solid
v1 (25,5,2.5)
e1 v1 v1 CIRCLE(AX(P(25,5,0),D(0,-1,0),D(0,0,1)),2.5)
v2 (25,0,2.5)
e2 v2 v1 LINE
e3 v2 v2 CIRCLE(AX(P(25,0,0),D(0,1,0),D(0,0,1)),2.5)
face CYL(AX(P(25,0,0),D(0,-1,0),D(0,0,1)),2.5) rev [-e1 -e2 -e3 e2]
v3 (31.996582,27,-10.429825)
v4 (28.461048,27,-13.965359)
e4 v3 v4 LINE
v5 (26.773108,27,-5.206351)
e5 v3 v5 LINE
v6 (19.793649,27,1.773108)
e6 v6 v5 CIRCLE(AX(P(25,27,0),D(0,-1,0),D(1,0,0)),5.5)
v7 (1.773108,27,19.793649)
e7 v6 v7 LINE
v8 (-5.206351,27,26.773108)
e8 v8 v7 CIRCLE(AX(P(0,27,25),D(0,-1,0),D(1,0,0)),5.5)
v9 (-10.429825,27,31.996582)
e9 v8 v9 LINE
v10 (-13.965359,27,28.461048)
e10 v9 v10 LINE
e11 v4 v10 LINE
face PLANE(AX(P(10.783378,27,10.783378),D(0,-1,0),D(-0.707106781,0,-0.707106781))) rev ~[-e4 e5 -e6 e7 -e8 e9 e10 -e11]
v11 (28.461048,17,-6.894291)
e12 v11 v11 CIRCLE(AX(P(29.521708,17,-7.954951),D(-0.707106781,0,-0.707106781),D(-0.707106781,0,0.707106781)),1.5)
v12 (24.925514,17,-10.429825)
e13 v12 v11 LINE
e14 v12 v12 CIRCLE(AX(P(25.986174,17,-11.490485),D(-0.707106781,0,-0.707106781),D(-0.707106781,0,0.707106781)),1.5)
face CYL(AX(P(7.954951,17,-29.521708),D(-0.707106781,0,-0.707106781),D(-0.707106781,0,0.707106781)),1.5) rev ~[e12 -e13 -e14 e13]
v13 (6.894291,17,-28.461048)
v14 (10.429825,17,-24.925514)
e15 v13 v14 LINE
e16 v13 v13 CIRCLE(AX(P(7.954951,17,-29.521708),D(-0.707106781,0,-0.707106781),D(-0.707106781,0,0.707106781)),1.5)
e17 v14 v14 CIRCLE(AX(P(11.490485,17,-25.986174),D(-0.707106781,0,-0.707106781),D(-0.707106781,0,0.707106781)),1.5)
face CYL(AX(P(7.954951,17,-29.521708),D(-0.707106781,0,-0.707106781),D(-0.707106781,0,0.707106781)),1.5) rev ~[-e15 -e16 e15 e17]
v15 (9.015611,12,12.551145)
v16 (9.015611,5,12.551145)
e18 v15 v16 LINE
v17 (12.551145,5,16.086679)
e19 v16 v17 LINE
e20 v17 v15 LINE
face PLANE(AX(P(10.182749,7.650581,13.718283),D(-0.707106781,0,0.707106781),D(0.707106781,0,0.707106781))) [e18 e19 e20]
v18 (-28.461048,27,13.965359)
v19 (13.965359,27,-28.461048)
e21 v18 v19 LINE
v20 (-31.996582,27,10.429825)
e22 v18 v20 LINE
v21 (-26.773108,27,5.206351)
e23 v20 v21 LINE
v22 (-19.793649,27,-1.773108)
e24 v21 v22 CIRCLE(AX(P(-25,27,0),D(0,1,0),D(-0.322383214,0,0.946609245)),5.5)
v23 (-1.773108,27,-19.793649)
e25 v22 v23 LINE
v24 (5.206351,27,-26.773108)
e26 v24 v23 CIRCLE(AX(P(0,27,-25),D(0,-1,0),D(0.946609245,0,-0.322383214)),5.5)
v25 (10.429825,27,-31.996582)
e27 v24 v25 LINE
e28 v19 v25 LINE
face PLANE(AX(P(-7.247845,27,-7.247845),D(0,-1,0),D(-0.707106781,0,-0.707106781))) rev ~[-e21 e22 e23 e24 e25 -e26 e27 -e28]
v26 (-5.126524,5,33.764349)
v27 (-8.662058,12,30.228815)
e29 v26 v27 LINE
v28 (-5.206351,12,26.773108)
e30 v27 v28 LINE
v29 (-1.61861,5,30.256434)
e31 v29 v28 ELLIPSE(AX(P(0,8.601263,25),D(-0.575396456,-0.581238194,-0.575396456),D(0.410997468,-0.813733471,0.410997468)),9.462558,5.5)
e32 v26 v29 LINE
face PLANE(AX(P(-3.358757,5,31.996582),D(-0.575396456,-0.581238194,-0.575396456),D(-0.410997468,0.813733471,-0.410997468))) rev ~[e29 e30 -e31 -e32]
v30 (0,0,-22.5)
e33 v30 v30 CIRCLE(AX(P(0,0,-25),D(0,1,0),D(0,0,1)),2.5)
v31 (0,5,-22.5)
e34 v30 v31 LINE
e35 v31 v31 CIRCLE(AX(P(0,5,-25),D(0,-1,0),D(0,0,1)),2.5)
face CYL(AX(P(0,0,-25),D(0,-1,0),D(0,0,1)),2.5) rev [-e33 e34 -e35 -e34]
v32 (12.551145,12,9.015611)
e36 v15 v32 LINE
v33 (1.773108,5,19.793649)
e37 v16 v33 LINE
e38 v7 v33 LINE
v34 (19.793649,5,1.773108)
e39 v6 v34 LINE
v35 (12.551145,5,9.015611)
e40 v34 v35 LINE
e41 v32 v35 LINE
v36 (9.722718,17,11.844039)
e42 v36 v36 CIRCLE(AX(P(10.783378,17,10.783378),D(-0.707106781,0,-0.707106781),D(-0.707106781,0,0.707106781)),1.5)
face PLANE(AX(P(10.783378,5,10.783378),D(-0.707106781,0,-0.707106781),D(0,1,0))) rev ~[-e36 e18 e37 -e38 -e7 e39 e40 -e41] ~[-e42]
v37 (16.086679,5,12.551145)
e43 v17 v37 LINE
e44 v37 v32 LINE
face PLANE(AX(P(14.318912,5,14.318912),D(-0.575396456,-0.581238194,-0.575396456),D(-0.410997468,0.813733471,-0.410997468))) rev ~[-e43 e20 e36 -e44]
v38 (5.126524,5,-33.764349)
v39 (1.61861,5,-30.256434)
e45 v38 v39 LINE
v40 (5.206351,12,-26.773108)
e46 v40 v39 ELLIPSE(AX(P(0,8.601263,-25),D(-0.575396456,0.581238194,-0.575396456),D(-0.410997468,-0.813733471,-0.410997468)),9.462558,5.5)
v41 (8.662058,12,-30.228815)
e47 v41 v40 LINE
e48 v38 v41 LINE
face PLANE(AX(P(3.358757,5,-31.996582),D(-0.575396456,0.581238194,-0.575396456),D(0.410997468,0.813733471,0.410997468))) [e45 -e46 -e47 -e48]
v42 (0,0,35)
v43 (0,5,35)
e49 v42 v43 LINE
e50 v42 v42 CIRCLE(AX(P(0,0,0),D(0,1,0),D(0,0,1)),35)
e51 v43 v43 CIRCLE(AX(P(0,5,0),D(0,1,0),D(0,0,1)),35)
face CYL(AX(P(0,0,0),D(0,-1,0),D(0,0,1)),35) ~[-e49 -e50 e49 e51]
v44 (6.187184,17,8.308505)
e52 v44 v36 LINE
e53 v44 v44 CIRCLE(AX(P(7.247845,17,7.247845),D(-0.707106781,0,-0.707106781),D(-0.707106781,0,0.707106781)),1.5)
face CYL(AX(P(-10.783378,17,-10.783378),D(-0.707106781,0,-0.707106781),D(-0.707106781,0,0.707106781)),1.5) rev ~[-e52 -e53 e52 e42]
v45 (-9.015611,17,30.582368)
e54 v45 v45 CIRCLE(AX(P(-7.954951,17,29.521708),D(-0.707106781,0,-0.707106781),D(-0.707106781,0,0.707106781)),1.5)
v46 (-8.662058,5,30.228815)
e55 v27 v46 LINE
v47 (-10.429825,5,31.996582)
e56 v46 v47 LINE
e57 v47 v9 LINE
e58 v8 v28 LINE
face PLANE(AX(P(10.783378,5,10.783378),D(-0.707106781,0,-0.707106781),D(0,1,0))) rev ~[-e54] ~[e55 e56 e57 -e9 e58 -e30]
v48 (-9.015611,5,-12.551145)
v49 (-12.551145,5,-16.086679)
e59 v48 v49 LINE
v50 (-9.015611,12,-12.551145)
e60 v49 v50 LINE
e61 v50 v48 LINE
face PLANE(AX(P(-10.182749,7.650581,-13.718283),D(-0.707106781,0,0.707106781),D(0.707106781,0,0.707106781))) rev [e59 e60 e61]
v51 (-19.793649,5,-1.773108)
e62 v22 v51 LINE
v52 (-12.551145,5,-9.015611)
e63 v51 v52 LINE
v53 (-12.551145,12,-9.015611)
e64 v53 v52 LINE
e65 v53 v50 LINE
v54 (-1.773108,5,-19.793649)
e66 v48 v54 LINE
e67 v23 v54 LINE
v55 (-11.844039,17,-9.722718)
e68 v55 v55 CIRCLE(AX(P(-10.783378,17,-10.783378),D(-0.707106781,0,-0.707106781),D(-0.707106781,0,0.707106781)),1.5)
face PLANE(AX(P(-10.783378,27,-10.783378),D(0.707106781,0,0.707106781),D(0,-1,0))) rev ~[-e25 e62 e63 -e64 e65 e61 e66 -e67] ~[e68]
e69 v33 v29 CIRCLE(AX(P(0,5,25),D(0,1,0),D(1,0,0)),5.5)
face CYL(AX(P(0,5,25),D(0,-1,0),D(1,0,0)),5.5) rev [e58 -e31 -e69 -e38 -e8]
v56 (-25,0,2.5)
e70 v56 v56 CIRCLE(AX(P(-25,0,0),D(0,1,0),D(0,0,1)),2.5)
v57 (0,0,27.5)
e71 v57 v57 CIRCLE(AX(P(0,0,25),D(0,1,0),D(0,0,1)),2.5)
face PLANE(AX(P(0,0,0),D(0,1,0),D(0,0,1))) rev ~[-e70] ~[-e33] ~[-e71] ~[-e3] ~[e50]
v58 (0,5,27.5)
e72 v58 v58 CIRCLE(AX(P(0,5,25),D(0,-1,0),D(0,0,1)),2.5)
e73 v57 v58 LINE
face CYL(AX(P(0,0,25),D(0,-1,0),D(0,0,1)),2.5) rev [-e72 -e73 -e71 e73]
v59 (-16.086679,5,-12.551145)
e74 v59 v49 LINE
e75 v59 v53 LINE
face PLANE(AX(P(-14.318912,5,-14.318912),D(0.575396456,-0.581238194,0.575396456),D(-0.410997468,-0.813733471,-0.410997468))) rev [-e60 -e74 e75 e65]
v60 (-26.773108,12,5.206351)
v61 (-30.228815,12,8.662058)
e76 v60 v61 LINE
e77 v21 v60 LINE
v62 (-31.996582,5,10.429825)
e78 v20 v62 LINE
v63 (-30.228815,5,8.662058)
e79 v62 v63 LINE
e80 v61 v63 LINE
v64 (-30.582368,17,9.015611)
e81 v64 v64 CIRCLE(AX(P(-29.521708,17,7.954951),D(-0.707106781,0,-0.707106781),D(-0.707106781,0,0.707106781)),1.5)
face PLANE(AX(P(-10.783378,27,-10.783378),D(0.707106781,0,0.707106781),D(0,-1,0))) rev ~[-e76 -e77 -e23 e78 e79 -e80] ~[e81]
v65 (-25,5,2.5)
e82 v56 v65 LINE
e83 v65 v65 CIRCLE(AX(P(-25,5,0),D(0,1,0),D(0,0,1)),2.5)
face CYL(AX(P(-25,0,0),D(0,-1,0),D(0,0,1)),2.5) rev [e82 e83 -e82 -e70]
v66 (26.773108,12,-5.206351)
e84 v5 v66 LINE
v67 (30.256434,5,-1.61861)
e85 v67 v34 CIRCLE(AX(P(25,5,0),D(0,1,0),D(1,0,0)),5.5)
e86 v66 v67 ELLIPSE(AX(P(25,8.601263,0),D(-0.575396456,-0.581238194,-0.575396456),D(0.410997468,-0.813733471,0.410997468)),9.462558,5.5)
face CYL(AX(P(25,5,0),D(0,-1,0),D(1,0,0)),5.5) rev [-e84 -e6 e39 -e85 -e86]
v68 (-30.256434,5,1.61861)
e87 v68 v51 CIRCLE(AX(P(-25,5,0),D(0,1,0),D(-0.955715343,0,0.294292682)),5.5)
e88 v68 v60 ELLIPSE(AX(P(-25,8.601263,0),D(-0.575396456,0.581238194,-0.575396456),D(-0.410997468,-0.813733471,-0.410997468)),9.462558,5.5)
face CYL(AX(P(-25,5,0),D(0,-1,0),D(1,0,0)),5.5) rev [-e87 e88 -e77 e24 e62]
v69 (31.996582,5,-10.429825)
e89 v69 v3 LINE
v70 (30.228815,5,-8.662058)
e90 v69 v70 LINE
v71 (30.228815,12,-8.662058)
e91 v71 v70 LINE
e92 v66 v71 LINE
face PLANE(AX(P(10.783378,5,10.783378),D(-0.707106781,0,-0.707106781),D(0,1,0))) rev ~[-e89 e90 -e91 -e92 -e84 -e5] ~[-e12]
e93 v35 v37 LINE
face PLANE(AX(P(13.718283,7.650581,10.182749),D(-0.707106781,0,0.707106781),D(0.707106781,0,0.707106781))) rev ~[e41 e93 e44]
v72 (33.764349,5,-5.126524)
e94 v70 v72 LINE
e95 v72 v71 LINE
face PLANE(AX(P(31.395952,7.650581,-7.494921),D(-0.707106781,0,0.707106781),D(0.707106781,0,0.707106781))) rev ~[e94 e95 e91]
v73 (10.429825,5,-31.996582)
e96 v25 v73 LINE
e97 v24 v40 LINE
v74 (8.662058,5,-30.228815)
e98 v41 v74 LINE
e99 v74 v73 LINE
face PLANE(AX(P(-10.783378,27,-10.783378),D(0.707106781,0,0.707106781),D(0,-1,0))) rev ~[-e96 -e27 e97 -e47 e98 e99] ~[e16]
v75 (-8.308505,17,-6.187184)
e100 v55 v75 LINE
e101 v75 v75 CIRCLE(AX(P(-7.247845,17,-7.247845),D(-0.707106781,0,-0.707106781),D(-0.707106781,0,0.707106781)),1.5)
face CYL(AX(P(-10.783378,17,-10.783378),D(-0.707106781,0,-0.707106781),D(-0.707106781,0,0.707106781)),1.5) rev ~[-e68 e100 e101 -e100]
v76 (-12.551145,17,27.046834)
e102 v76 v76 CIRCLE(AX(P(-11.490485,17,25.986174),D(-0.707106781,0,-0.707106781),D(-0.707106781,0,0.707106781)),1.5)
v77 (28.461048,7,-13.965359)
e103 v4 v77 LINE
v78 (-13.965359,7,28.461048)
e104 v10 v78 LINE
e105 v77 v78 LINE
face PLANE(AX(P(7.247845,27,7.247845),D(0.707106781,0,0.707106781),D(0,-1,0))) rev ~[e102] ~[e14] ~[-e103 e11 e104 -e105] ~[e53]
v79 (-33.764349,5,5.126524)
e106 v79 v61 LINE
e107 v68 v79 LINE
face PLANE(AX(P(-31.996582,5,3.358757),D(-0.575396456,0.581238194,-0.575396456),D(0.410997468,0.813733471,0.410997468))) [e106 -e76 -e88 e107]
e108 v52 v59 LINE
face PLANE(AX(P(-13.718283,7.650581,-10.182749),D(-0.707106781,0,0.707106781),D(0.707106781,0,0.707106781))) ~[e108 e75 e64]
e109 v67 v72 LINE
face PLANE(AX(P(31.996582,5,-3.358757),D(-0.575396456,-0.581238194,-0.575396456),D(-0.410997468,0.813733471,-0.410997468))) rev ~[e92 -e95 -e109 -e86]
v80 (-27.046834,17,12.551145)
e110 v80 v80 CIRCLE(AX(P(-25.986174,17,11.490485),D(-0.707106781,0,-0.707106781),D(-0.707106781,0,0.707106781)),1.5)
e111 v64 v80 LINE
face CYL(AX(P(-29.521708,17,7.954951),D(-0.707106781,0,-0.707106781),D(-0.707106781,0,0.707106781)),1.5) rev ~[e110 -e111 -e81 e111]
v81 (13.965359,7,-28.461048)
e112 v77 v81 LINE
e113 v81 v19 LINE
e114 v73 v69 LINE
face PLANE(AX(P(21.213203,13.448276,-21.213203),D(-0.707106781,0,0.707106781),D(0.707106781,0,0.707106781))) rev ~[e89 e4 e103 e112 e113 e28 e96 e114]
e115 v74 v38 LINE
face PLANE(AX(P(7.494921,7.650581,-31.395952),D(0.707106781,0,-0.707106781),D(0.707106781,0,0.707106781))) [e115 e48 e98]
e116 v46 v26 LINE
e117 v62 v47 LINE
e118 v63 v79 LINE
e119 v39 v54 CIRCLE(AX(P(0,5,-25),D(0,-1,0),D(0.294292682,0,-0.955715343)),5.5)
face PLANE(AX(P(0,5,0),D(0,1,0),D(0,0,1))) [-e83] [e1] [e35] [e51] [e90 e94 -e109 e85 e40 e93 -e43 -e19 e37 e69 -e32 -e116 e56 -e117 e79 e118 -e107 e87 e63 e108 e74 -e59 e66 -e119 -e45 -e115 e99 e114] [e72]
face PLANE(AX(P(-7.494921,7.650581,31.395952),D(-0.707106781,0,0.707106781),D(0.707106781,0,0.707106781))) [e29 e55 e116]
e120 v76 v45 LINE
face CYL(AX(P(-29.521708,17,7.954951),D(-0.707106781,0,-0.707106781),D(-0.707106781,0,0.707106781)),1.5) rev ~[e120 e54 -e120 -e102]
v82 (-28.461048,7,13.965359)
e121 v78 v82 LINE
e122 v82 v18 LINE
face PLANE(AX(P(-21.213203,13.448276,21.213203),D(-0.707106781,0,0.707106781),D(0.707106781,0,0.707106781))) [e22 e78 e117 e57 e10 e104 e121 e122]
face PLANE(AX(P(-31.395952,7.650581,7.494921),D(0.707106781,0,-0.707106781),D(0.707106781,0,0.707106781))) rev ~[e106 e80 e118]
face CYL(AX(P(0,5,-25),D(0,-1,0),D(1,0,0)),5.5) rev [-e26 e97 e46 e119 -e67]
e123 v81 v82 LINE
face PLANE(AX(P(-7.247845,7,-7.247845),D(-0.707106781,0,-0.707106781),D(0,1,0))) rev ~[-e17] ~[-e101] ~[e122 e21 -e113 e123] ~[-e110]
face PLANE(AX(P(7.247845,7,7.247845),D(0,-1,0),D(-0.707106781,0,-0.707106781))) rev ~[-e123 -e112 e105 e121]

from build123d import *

# Parameters (mm, degrees)
SKETCH_1_R                 = 35
SKETCH_1_R_2               = 2.5
EXTRUDE_1_DEPTH            = 5
EXTRUDE_2_DEPTH            = 30
EXTRUDE_3_DEPTH            = 2.5
PATTERN_LINEAR_1_COUNT     = 2
PATTERN_LINEAR_1_PITCH     = 25
PATTERN_LINEAR_1_COL_COUNT = 2
PATTERN_LINEAR_1_COL_PITCH = 25
MIRROR_1_COPY_1_DEPTH      = 2.5
MIRROR_1_COPY_2_DEPTH      = 2.5
CUT_EXTRUDE_1_REACH        = 56.166
SKETCH_5_R                 = 5.5
SKETCH_6_R                 = 1.5
CUT_EXTRUDE_2_DEPTH        = 71.151518001


with BuildPart() as part:
    # 草圖1 → 填料-伸長1 (new body)
    with BuildSketch(Plane(origin=(0, 0, 0), x_dir=(1, 0, 0), z_dir=(0, 1, 0))):
        with Locations(Location((0, 0, 0), (0, 0, 270))):
            Circle(SKETCH_1_R)
        with Locations(Location((0, 25, 0), (0, 0, 270))):
            Circle(SKETCH_1_R_2, mode=Mode.SUBTRACT)
        with Locations(Location((25, 0, 0), (0, 0, 270))):
            Circle(SKETCH_1_R_2, mode=Mode.SUBTRACT)
        with Locations(Location((0, -25, 0), (0, 0, 270))):
            Circle(SKETCH_1_R_2, mode=Mode.SUBTRACT)
        with Locations(Location((-25, 0, 0), (0, 0, 270))):
            Circle(SKETCH_1_R_2, mode=Mode.SUBTRACT)
    extrude(amount=EXTRUDE_1_DEPTH)

    # 草圖3 → 填料-伸長2 (add, symmetric)
    with BuildSketch(Plane(origin=(0, 0, 0), x_dir=(-0.7071067811865477, 0, -0.7071067811865474), z_dir=(0.7071067811865474, 0, -0.7071067811865477))):
        Polygon((15.25, 5), (-15.25, 5), (-15.25, 27), (-10.25, 27), (-10.25, 7), (10.25, 7), (10.25, 27), (15.25, 27), align=None)
    extrude(amount=EXTRUDE_2_DEPTH, both=True)

    # 草圖4 → 填料-伸長3 (add, symmetric)
    with BuildSketch(Plane(origin=(0, 0, 0), x_dir=(-0.7071067811865477, 0, -0.7071067811865474), z_dir=(0.7071067811865474, 0, -0.7071067811865477))):
        Polygon((-15.25, 12), (-15.25, 5), (-20.25, 5), align=None)
    extrude_3 = extrude(amount=EXTRUDE_3_DEPTH, both=True)

    # 直線複製排列1: 填料-伸長3 ×2
    with Locations(*[Vector(-0.7071067811865474, 0, 0.7071067811865478) * (i * PATTERN_LINEAR_1_PITCH) for i in range(1, PATTERN_LINEAR_1_COUNT)]):
        add(extrude_3)

    # 直線複製排列1 col: 填料-伸長3 ×2
    with Locations(*[Vector(0.7071067811865474, 0, -0.7071067811865478) * (i * PATTERN_LINEAR_1_COL_PITCH) for i in range(1, PATTERN_LINEAR_1_COL_COUNT)]):
        add(extrude_3)

    # 鏡射1: 填料-伸長3 across plane
    add(extrude_3.mirror(Plane(origin=(0, 0, 0), x_dir=(-0.7071067811865474, 0, 0.7071067811865477), z_dir=(0.7071067811865477, 0, 0.7071067811865474))))

    # 鏡射1 copy 1 sketch → 鏡射1 copy 1 (add, symmetric)
    with BuildSketch(Plane(origin=(-17.67766953, 0, 17.67766953), x_dir=(0.7071067811865477, 0, 0.7071067811865474), z_dir=(0.7071067811865474, 0, -0.7071067811865477))):
        Polygon((-15.25, -12), (-15.25, -5), (-20.25, -5), align=None)
    extrude(amount=MIRROR_1_COPY_1_DEPTH, both=True)

    # 鏡射1 copy 2 sketch → 鏡射1 copy 2 (add, symmetric)
    with BuildSketch(Plane(origin=(17.67766953, 0, -17.67766953), x_dir=(0.7071067811865477, 0, 0.7071067811865474), z_dir=(0.7071067811865474, 0, -0.7071067811865477))):
        Polygon((-15.25, -12), (-15.25, -5), (-20.25, -5), align=None)
    extrude(amount=MIRROR_1_COPY_2_DEPTH, both=True)

    # 除料-伸長1: up to this face of the body (flat: up to its plane)
    cut_extrude_1_end = Plane(part.part.faces().sort_by_distance((-9.01561146, 27, -9.01561146))[0])
    # 草圖5 → 除料-伸長1 (cut, up to the picked face)
    with BuildSketch(Plane(origin=(0, 5, 0), x_dir=(1, 0, 0), z_dir=(0, 1, 0)), mode=Mode.PRIVATE) as cut_extrude_1_sk1:
        with Locations((0, 25)):
            Circle(SKETCH_5_R)
    cut_extrude_1_tool1 = split(extrude(cut_extrude_1_sk1.sketch, amount=CUT_EXTRUDE_1_REACH, mode=Mode.PRIVATE), bisect_by=cut_extrude_1_end, keep=Keep.BOTH, mode=Mode.PRIVATE)
    # 草圖5 → 除料-伸長1 (cut, up to the picked face)
    with BuildSketch(Plane(origin=(0, 5, 0), x_dir=(1, 0, 0), z_dir=(0, 1, 0)), mode=Mode.PRIVATE) as cut_extrude_1_sk2:
        with Locations((-25, 0)):
            Circle(SKETCH_5_R)
    cut_extrude_1_tool2 = split(extrude(cut_extrude_1_sk2.sketch, amount=CUT_EXTRUDE_1_REACH, mode=Mode.PRIVATE), bisect_by=cut_extrude_1_end, keep=Keep.BOTH, mode=Mode.PRIVATE)
    # 草圖5 → 除料-伸長1 (cut, up to the picked face)
    with BuildSketch(Plane(origin=(0, 5, 0), x_dir=(1, 0, 0), z_dir=(0, 1, 0)), mode=Mode.PRIVATE) as cut_extrude_1_sk3:
        with Locations((0, -25)):
            Circle(SKETCH_5_R)
    cut_extrude_1_tool3 = split(extrude(cut_extrude_1_sk3.sketch, amount=CUT_EXTRUDE_1_REACH, mode=Mode.PRIVATE), bisect_by=cut_extrude_1_end, keep=Keep.BOTH, mode=Mode.PRIVATE)
    # 草圖5 → 除料-伸長1 (cut, up to the picked face)
    with BuildSketch(Plane(origin=(0, 5, 0), x_dir=(1, 0, 0), z_dir=(0, 1, 0)), mode=Mode.PRIVATE) as cut_extrude_1_sk4:
        with Locations((25, 0)):
            Circle(SKETCH_5_R)
    cut_extrude_1_tool4 = split(extrude(cut_extrude_1_sk4.sketch, amount=CUT_EXTRUDE_1_REACH, mode=Mode.PRIVATE), bisect_by=cut_extrude_1_end, keep=Keep.BOTH, mode=Mode.PRIVATE)
    add(cut_extrude_1_tool1.solids().sort_by(Axis((0, 5, -25), (0, 1, 0)))[0], mode=Mode.SUBTRACT)
    add(cut_extrude_1_tool2.solids().sort_by(Axis((-25, 5, 0), (0, 1, 0)))[0], mode=Mode.SUBTRACT)
    add(cut_extrude_1_tool3.solids().sort_by(Axis((0, 5, 25), (0, 1, 0)))[0], mode=Mode.SUBTRACT)
    add(cut_extrude_1_tool4.solids().sort_by(Axis((25, 5, 0), (0, 1, 0)))[0], mode=Mode.SUBTRACT)

    # 草圖6 → 除料-伸長2 (cut, through all)
    with BuildSketch(Plane(origin=(-10.783378413, 0, -10.783378413), x_dir=(-0.7071067811865474, 0, 0.7071067811865477), z_dir=(-0.7071067811865477, 0, -0.7071067811865474))):
        with Locations((0, 17)):
            Circle(SKETCH_6_R)
        with Locations((-26.5, 17)):
            Circle(SKETCH_6_R)
        with Locations((26.5, 17)):
            Circle(SKETCH_6_R)
    extrude(amount=-CUT_EXTRUDE_2_DEPTH, mode=Mode.SUBTRACT)


solid = part.part
